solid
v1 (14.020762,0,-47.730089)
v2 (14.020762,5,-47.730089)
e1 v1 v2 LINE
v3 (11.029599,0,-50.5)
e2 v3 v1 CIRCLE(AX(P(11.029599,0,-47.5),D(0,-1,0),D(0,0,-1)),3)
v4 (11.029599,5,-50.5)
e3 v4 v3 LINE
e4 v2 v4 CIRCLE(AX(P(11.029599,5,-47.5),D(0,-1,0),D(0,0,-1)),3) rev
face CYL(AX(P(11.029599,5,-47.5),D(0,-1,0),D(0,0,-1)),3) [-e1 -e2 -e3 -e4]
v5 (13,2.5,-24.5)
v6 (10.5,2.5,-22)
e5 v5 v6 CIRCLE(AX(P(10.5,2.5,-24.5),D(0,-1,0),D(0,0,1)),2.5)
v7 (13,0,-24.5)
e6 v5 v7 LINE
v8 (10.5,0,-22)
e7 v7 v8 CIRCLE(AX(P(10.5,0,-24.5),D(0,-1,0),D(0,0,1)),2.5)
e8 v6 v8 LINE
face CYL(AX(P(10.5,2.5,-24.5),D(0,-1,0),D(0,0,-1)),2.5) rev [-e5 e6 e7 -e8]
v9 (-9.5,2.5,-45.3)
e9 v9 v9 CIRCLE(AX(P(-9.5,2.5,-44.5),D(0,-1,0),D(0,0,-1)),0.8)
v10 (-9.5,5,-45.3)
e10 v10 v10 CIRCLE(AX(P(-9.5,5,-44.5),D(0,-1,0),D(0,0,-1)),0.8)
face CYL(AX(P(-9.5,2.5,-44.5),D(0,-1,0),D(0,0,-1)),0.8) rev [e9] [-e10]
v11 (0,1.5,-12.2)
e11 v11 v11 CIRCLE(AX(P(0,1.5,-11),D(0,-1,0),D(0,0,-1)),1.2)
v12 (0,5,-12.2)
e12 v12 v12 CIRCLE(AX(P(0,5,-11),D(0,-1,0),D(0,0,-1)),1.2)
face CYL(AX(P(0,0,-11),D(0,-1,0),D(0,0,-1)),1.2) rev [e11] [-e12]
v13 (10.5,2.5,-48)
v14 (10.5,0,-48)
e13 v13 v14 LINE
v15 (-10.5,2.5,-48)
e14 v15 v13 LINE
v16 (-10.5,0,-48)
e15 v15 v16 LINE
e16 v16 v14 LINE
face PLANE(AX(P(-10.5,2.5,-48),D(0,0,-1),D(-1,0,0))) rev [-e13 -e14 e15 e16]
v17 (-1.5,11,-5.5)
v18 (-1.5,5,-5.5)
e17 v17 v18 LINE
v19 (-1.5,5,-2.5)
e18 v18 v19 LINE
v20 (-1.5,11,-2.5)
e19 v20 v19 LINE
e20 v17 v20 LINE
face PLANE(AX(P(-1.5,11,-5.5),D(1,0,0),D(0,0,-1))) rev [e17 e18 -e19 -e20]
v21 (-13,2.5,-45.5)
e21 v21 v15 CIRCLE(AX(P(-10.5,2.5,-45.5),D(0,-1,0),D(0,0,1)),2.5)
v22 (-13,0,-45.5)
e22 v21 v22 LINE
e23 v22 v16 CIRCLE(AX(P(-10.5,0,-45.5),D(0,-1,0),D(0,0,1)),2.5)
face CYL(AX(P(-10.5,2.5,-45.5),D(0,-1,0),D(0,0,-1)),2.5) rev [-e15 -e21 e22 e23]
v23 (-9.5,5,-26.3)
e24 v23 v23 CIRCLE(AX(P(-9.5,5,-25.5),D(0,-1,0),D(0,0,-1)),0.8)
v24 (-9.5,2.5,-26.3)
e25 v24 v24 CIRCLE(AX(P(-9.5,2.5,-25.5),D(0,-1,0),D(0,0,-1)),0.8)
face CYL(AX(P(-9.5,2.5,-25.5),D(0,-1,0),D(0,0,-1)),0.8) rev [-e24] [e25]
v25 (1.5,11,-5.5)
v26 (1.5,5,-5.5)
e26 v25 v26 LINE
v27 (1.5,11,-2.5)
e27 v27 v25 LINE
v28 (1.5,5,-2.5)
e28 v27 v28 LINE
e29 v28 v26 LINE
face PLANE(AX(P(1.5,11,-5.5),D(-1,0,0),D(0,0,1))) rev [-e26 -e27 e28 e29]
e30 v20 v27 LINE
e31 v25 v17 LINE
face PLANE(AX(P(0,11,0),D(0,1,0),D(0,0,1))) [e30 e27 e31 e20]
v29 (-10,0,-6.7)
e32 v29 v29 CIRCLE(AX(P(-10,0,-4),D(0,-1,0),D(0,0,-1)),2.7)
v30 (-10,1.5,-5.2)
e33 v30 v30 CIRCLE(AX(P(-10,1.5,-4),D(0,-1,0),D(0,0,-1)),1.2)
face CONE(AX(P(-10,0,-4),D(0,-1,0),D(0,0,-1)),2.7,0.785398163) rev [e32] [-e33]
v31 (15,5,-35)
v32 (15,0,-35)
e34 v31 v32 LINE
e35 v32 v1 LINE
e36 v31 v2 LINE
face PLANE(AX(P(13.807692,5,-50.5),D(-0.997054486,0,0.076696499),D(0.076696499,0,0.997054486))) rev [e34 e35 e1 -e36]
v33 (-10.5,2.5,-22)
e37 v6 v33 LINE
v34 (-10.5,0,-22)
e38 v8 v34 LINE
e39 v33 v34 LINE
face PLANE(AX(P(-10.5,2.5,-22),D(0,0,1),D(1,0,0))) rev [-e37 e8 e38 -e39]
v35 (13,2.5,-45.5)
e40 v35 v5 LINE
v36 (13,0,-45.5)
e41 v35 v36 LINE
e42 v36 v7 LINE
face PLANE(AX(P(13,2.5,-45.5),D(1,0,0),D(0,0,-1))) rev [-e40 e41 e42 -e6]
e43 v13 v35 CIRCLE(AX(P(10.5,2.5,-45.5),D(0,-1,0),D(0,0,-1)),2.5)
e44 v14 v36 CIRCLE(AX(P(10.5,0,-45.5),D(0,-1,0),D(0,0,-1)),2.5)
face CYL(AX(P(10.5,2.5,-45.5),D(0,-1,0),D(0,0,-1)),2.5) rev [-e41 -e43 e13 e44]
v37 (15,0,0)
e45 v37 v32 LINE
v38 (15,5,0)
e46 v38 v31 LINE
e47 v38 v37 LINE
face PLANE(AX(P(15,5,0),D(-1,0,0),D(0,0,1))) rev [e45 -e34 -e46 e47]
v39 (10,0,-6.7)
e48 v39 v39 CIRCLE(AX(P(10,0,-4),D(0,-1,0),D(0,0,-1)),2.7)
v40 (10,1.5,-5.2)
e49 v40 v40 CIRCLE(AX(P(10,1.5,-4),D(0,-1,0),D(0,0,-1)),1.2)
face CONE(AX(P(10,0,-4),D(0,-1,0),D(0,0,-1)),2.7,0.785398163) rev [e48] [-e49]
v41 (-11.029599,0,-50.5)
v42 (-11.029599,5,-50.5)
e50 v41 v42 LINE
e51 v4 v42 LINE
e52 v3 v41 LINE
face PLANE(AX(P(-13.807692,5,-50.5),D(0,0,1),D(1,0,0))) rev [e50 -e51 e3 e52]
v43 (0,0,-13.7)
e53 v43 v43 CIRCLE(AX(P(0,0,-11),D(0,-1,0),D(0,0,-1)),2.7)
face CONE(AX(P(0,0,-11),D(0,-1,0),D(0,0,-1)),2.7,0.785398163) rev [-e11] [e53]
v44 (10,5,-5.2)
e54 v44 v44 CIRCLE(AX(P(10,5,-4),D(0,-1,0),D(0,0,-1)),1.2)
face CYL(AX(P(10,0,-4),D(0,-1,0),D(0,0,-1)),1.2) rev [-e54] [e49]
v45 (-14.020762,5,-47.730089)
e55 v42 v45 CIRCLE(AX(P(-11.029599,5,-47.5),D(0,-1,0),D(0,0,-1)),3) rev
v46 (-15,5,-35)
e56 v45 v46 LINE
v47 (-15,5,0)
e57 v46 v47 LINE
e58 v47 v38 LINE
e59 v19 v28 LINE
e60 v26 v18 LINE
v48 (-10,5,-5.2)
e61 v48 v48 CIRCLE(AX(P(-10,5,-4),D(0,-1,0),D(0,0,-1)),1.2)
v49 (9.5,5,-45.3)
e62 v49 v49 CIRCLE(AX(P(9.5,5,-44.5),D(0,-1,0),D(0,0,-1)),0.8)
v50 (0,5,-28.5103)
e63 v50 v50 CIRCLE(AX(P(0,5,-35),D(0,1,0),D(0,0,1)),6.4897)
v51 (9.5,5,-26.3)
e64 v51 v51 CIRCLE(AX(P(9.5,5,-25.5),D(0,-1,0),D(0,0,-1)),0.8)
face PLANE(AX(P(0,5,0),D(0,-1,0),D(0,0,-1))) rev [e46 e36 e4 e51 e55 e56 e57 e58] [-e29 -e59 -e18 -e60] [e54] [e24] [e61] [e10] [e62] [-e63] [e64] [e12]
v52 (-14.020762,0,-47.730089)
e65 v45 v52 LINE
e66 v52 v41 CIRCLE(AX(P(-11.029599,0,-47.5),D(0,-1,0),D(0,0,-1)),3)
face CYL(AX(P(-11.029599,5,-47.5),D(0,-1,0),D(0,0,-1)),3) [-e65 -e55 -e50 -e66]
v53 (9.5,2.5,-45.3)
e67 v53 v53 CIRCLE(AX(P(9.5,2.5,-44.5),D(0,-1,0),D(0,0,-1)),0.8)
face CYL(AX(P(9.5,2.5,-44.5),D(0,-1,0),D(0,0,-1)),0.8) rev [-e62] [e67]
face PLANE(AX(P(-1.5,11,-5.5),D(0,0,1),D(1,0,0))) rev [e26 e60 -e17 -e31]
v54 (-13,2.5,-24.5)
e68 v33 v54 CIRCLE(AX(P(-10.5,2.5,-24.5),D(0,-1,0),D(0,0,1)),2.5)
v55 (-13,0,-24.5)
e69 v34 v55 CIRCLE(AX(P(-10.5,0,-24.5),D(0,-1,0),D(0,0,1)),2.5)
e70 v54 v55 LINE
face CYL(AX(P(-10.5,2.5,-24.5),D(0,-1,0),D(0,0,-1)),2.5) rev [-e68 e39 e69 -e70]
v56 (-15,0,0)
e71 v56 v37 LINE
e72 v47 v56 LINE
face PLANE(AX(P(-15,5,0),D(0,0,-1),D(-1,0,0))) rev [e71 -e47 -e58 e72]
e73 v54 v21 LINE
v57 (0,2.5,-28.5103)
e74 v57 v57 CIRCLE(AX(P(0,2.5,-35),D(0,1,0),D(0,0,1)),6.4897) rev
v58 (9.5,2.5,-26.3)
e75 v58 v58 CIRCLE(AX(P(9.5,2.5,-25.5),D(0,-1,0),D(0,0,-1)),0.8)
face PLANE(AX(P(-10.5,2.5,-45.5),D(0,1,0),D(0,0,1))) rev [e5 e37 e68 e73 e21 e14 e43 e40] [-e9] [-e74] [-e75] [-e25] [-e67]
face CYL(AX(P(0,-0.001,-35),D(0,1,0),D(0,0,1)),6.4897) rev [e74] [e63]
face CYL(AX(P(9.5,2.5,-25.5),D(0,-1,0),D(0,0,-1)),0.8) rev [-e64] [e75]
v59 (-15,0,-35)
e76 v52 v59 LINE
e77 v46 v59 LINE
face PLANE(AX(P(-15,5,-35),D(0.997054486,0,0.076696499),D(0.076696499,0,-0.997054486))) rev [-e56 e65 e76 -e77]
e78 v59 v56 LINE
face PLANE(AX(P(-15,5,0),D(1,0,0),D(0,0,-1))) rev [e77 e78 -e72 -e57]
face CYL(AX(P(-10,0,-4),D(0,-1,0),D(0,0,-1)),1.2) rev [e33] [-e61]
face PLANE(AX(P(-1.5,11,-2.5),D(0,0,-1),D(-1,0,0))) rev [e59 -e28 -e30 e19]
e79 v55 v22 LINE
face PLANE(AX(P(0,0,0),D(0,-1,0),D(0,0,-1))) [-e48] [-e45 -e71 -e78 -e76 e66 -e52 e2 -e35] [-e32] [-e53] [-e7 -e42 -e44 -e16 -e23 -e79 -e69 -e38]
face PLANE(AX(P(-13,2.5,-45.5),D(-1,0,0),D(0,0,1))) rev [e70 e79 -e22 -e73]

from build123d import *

# Parameters (mm, degrees)
BOSS_EXTRUDE1_DEPTH                                 = 5
CUT_EXTRUDE1_REACH                                  = 7
SKETCH2_R                                           = 6.4897
SKETCH3_W                                           = 3
SKETCH3_H                                           = 3
BOSS_EXTRUDE2_DEPTH                                 = 6
CSK_FOR_M2_COUNTERSUNK_FLAT_HEAD_SCREW1_D           = 2.4
CSK_FOR_M2_COUNTERSUNK_FLAT_HEAD_SCREW1_DEPTH       = 5.2
CSK_FOR_M2_COUNTERSUNK_FLAT_HEAD_SCREW1_CSINK_D     = 5.4
CSK_FOR_M2_COUNTERSUNK_FLAT_HEAD_SCREW1_CSINK_ANGLE = 90
CSK_FOR_M2_COUNTERSUNK_FLAT_HEAD_SCREW1_TIP         = 0.721032743
CUT_EXTRUDE2_DEPTH                                  = 2.5
FILLET1_R                                           = 3
M2_TAPPED_HOLE1_D                                   = 1.6
M2_TAPPED_HOLE1_DEPTH                               = 2.5


with BuildPart() as part:
    # Sketch1 → Boss-Extrude1 (new body)
    with BuildSketch(Plane(origin=(0, 0, 0), x_dir=(1, 0, 0), z_dir=(0, 1, 0))):
        Polygon((-15, 0), (15, 0), (15, 35), (13.807692308, 50.5), (-13.807692308, 50.5), (-15, 35), align=None)
    extrude(amount=BOSS_EXTRUDE1_DEPTH)

    # Sketch2 → Cut-Extrude1 (cut, up to next)
    with BuildSketch(Plane(origin=(0, 5, 0), x_dir=(1, 0, 0), z_dir=(0, 1, 0)), mode=Mode.PRIVATE) as cut_extrude1_sk1:
        with Locations((0, 35)):
            Circle(SKETCH2_R)
    cut_extrude1_tool1 = extrude(cut_extrude1_sk1.sketch, amount=-CUT_EXTRUDE1_REACH, mode=Mode.PRIVATE) & part.part
    add(cut_extrude1_tool1.solids().sort_by_distance((0, 5, -35))[0], mode=Mode.SUBTRACT)

    # Sketch3 → Boss-Extrude2 (add)
    with BuildSketch(Plane(origin=(0, 5, 0), x_dir=(1, 0, 0), z_dir=(0, 1, 0))):
        with Locations((0, 4)):
            Rectangle(SKETCH3_W, SKETCH3_H)
    extrude(amount=BOSS_EXTRUDE2_DEPTH)

    # CSK for M2 Countersunk Flat Head Screw1
    with Locations(Plane(origin=(0, 0, 0), x_dir=(-1, 0, 0), z_dir=(0, -1, 0))):
        with Locations((-10, 4), (10, 4), (0, 11)):
            CounterSinkHole(CSK_FOR_M2_COUNTERSUNK_FLAT_HEAD_SCREW1_D / 2, CSK_FOR_M2_COUNTERSUNK_FLAT_HEAD_SCREW1_CSINK_D / 2, depth=CSK_FOR_M2_COUNTERSUNK_FLAT_HEAD_SCREW1_DEPTH, counter_sink_angle=CSK_FOR_M2_COUNTERSUNK_FLAT_HEAD_SCREW1_CSINK_ANGLE)
            with Locations((0, 0, -(CSK_FOR_M2_COUNTERSUNK_FLAT_HEAD_SCREW1_DEPTH + CSK_FOR_M2_COUNTERSUNK_FLAT_HEAD_SCREW1_TIP / 2))):  # 118° drill point
                Cone(0, CSK_FOR_M2_COUNTERSUNK_FLAT_HEAD_SCREW1_D / 2, CSK_FOR_M2_COUNTERSUNK_FLAT_HEAD_SCREW1_TIP, mode=Mode.SUBTRACT)

    # Sketch6 → Cut-Extrude2 (cut)
    with BuildSketch(Plane.XZ):
        with BuildLine():
            Line((-10.5, -48), (10.5, -48))
            ThreePointArc((10.5, -48), (12.267766953, -47.267766953), (13, -45.5))
            Line((13, -45.5), (13, -24.5))
            ThreePointArc((13, -24.5), (12.267766953, -22.732233047), (10.5, -22))
            Line((10.5, -22), (-10.5, -22))
            ThreePointArc((-10.5, -22), (-12.267766953, -22.732233047), (-13, -24.5))
            Line((-13, -24.5), (-13, -45.5))
            ThreePointArc((-13, -45.5), (-12.267766953, -47.267766953), (-10.5, -48))
        make_face()
    extrude(amount=-CUT_EXTRUDE2_DEPTH, mode=Mode.SUBTRACT)

    # Fillet1
    fillet1_edges = [part.edges().sort_by_distance(p)[0] for p in [
        (-13.807692308, 2.5, -50.5),
        (13.807692308, 2.5, -50.5),
    ]]
    fillet(fillet1_edges, radius=FILLET1_R)

    # M2 Tapped Hole1
    with Locations(Plane(origin=(0, 2.5, 0), x_dir=(-1, 0, 0), z_dir=(0, -1, 0))):
        with Locations((9.5, 25.5), (9.5, 44.5), (-9.5, 44.5), (-9.5, 25.5)):
            Hole(M2_TAPPED_HOLE1_D / 2, depth=M2_TAPPED_HOLE1_DEPTH)


solid = part.part
